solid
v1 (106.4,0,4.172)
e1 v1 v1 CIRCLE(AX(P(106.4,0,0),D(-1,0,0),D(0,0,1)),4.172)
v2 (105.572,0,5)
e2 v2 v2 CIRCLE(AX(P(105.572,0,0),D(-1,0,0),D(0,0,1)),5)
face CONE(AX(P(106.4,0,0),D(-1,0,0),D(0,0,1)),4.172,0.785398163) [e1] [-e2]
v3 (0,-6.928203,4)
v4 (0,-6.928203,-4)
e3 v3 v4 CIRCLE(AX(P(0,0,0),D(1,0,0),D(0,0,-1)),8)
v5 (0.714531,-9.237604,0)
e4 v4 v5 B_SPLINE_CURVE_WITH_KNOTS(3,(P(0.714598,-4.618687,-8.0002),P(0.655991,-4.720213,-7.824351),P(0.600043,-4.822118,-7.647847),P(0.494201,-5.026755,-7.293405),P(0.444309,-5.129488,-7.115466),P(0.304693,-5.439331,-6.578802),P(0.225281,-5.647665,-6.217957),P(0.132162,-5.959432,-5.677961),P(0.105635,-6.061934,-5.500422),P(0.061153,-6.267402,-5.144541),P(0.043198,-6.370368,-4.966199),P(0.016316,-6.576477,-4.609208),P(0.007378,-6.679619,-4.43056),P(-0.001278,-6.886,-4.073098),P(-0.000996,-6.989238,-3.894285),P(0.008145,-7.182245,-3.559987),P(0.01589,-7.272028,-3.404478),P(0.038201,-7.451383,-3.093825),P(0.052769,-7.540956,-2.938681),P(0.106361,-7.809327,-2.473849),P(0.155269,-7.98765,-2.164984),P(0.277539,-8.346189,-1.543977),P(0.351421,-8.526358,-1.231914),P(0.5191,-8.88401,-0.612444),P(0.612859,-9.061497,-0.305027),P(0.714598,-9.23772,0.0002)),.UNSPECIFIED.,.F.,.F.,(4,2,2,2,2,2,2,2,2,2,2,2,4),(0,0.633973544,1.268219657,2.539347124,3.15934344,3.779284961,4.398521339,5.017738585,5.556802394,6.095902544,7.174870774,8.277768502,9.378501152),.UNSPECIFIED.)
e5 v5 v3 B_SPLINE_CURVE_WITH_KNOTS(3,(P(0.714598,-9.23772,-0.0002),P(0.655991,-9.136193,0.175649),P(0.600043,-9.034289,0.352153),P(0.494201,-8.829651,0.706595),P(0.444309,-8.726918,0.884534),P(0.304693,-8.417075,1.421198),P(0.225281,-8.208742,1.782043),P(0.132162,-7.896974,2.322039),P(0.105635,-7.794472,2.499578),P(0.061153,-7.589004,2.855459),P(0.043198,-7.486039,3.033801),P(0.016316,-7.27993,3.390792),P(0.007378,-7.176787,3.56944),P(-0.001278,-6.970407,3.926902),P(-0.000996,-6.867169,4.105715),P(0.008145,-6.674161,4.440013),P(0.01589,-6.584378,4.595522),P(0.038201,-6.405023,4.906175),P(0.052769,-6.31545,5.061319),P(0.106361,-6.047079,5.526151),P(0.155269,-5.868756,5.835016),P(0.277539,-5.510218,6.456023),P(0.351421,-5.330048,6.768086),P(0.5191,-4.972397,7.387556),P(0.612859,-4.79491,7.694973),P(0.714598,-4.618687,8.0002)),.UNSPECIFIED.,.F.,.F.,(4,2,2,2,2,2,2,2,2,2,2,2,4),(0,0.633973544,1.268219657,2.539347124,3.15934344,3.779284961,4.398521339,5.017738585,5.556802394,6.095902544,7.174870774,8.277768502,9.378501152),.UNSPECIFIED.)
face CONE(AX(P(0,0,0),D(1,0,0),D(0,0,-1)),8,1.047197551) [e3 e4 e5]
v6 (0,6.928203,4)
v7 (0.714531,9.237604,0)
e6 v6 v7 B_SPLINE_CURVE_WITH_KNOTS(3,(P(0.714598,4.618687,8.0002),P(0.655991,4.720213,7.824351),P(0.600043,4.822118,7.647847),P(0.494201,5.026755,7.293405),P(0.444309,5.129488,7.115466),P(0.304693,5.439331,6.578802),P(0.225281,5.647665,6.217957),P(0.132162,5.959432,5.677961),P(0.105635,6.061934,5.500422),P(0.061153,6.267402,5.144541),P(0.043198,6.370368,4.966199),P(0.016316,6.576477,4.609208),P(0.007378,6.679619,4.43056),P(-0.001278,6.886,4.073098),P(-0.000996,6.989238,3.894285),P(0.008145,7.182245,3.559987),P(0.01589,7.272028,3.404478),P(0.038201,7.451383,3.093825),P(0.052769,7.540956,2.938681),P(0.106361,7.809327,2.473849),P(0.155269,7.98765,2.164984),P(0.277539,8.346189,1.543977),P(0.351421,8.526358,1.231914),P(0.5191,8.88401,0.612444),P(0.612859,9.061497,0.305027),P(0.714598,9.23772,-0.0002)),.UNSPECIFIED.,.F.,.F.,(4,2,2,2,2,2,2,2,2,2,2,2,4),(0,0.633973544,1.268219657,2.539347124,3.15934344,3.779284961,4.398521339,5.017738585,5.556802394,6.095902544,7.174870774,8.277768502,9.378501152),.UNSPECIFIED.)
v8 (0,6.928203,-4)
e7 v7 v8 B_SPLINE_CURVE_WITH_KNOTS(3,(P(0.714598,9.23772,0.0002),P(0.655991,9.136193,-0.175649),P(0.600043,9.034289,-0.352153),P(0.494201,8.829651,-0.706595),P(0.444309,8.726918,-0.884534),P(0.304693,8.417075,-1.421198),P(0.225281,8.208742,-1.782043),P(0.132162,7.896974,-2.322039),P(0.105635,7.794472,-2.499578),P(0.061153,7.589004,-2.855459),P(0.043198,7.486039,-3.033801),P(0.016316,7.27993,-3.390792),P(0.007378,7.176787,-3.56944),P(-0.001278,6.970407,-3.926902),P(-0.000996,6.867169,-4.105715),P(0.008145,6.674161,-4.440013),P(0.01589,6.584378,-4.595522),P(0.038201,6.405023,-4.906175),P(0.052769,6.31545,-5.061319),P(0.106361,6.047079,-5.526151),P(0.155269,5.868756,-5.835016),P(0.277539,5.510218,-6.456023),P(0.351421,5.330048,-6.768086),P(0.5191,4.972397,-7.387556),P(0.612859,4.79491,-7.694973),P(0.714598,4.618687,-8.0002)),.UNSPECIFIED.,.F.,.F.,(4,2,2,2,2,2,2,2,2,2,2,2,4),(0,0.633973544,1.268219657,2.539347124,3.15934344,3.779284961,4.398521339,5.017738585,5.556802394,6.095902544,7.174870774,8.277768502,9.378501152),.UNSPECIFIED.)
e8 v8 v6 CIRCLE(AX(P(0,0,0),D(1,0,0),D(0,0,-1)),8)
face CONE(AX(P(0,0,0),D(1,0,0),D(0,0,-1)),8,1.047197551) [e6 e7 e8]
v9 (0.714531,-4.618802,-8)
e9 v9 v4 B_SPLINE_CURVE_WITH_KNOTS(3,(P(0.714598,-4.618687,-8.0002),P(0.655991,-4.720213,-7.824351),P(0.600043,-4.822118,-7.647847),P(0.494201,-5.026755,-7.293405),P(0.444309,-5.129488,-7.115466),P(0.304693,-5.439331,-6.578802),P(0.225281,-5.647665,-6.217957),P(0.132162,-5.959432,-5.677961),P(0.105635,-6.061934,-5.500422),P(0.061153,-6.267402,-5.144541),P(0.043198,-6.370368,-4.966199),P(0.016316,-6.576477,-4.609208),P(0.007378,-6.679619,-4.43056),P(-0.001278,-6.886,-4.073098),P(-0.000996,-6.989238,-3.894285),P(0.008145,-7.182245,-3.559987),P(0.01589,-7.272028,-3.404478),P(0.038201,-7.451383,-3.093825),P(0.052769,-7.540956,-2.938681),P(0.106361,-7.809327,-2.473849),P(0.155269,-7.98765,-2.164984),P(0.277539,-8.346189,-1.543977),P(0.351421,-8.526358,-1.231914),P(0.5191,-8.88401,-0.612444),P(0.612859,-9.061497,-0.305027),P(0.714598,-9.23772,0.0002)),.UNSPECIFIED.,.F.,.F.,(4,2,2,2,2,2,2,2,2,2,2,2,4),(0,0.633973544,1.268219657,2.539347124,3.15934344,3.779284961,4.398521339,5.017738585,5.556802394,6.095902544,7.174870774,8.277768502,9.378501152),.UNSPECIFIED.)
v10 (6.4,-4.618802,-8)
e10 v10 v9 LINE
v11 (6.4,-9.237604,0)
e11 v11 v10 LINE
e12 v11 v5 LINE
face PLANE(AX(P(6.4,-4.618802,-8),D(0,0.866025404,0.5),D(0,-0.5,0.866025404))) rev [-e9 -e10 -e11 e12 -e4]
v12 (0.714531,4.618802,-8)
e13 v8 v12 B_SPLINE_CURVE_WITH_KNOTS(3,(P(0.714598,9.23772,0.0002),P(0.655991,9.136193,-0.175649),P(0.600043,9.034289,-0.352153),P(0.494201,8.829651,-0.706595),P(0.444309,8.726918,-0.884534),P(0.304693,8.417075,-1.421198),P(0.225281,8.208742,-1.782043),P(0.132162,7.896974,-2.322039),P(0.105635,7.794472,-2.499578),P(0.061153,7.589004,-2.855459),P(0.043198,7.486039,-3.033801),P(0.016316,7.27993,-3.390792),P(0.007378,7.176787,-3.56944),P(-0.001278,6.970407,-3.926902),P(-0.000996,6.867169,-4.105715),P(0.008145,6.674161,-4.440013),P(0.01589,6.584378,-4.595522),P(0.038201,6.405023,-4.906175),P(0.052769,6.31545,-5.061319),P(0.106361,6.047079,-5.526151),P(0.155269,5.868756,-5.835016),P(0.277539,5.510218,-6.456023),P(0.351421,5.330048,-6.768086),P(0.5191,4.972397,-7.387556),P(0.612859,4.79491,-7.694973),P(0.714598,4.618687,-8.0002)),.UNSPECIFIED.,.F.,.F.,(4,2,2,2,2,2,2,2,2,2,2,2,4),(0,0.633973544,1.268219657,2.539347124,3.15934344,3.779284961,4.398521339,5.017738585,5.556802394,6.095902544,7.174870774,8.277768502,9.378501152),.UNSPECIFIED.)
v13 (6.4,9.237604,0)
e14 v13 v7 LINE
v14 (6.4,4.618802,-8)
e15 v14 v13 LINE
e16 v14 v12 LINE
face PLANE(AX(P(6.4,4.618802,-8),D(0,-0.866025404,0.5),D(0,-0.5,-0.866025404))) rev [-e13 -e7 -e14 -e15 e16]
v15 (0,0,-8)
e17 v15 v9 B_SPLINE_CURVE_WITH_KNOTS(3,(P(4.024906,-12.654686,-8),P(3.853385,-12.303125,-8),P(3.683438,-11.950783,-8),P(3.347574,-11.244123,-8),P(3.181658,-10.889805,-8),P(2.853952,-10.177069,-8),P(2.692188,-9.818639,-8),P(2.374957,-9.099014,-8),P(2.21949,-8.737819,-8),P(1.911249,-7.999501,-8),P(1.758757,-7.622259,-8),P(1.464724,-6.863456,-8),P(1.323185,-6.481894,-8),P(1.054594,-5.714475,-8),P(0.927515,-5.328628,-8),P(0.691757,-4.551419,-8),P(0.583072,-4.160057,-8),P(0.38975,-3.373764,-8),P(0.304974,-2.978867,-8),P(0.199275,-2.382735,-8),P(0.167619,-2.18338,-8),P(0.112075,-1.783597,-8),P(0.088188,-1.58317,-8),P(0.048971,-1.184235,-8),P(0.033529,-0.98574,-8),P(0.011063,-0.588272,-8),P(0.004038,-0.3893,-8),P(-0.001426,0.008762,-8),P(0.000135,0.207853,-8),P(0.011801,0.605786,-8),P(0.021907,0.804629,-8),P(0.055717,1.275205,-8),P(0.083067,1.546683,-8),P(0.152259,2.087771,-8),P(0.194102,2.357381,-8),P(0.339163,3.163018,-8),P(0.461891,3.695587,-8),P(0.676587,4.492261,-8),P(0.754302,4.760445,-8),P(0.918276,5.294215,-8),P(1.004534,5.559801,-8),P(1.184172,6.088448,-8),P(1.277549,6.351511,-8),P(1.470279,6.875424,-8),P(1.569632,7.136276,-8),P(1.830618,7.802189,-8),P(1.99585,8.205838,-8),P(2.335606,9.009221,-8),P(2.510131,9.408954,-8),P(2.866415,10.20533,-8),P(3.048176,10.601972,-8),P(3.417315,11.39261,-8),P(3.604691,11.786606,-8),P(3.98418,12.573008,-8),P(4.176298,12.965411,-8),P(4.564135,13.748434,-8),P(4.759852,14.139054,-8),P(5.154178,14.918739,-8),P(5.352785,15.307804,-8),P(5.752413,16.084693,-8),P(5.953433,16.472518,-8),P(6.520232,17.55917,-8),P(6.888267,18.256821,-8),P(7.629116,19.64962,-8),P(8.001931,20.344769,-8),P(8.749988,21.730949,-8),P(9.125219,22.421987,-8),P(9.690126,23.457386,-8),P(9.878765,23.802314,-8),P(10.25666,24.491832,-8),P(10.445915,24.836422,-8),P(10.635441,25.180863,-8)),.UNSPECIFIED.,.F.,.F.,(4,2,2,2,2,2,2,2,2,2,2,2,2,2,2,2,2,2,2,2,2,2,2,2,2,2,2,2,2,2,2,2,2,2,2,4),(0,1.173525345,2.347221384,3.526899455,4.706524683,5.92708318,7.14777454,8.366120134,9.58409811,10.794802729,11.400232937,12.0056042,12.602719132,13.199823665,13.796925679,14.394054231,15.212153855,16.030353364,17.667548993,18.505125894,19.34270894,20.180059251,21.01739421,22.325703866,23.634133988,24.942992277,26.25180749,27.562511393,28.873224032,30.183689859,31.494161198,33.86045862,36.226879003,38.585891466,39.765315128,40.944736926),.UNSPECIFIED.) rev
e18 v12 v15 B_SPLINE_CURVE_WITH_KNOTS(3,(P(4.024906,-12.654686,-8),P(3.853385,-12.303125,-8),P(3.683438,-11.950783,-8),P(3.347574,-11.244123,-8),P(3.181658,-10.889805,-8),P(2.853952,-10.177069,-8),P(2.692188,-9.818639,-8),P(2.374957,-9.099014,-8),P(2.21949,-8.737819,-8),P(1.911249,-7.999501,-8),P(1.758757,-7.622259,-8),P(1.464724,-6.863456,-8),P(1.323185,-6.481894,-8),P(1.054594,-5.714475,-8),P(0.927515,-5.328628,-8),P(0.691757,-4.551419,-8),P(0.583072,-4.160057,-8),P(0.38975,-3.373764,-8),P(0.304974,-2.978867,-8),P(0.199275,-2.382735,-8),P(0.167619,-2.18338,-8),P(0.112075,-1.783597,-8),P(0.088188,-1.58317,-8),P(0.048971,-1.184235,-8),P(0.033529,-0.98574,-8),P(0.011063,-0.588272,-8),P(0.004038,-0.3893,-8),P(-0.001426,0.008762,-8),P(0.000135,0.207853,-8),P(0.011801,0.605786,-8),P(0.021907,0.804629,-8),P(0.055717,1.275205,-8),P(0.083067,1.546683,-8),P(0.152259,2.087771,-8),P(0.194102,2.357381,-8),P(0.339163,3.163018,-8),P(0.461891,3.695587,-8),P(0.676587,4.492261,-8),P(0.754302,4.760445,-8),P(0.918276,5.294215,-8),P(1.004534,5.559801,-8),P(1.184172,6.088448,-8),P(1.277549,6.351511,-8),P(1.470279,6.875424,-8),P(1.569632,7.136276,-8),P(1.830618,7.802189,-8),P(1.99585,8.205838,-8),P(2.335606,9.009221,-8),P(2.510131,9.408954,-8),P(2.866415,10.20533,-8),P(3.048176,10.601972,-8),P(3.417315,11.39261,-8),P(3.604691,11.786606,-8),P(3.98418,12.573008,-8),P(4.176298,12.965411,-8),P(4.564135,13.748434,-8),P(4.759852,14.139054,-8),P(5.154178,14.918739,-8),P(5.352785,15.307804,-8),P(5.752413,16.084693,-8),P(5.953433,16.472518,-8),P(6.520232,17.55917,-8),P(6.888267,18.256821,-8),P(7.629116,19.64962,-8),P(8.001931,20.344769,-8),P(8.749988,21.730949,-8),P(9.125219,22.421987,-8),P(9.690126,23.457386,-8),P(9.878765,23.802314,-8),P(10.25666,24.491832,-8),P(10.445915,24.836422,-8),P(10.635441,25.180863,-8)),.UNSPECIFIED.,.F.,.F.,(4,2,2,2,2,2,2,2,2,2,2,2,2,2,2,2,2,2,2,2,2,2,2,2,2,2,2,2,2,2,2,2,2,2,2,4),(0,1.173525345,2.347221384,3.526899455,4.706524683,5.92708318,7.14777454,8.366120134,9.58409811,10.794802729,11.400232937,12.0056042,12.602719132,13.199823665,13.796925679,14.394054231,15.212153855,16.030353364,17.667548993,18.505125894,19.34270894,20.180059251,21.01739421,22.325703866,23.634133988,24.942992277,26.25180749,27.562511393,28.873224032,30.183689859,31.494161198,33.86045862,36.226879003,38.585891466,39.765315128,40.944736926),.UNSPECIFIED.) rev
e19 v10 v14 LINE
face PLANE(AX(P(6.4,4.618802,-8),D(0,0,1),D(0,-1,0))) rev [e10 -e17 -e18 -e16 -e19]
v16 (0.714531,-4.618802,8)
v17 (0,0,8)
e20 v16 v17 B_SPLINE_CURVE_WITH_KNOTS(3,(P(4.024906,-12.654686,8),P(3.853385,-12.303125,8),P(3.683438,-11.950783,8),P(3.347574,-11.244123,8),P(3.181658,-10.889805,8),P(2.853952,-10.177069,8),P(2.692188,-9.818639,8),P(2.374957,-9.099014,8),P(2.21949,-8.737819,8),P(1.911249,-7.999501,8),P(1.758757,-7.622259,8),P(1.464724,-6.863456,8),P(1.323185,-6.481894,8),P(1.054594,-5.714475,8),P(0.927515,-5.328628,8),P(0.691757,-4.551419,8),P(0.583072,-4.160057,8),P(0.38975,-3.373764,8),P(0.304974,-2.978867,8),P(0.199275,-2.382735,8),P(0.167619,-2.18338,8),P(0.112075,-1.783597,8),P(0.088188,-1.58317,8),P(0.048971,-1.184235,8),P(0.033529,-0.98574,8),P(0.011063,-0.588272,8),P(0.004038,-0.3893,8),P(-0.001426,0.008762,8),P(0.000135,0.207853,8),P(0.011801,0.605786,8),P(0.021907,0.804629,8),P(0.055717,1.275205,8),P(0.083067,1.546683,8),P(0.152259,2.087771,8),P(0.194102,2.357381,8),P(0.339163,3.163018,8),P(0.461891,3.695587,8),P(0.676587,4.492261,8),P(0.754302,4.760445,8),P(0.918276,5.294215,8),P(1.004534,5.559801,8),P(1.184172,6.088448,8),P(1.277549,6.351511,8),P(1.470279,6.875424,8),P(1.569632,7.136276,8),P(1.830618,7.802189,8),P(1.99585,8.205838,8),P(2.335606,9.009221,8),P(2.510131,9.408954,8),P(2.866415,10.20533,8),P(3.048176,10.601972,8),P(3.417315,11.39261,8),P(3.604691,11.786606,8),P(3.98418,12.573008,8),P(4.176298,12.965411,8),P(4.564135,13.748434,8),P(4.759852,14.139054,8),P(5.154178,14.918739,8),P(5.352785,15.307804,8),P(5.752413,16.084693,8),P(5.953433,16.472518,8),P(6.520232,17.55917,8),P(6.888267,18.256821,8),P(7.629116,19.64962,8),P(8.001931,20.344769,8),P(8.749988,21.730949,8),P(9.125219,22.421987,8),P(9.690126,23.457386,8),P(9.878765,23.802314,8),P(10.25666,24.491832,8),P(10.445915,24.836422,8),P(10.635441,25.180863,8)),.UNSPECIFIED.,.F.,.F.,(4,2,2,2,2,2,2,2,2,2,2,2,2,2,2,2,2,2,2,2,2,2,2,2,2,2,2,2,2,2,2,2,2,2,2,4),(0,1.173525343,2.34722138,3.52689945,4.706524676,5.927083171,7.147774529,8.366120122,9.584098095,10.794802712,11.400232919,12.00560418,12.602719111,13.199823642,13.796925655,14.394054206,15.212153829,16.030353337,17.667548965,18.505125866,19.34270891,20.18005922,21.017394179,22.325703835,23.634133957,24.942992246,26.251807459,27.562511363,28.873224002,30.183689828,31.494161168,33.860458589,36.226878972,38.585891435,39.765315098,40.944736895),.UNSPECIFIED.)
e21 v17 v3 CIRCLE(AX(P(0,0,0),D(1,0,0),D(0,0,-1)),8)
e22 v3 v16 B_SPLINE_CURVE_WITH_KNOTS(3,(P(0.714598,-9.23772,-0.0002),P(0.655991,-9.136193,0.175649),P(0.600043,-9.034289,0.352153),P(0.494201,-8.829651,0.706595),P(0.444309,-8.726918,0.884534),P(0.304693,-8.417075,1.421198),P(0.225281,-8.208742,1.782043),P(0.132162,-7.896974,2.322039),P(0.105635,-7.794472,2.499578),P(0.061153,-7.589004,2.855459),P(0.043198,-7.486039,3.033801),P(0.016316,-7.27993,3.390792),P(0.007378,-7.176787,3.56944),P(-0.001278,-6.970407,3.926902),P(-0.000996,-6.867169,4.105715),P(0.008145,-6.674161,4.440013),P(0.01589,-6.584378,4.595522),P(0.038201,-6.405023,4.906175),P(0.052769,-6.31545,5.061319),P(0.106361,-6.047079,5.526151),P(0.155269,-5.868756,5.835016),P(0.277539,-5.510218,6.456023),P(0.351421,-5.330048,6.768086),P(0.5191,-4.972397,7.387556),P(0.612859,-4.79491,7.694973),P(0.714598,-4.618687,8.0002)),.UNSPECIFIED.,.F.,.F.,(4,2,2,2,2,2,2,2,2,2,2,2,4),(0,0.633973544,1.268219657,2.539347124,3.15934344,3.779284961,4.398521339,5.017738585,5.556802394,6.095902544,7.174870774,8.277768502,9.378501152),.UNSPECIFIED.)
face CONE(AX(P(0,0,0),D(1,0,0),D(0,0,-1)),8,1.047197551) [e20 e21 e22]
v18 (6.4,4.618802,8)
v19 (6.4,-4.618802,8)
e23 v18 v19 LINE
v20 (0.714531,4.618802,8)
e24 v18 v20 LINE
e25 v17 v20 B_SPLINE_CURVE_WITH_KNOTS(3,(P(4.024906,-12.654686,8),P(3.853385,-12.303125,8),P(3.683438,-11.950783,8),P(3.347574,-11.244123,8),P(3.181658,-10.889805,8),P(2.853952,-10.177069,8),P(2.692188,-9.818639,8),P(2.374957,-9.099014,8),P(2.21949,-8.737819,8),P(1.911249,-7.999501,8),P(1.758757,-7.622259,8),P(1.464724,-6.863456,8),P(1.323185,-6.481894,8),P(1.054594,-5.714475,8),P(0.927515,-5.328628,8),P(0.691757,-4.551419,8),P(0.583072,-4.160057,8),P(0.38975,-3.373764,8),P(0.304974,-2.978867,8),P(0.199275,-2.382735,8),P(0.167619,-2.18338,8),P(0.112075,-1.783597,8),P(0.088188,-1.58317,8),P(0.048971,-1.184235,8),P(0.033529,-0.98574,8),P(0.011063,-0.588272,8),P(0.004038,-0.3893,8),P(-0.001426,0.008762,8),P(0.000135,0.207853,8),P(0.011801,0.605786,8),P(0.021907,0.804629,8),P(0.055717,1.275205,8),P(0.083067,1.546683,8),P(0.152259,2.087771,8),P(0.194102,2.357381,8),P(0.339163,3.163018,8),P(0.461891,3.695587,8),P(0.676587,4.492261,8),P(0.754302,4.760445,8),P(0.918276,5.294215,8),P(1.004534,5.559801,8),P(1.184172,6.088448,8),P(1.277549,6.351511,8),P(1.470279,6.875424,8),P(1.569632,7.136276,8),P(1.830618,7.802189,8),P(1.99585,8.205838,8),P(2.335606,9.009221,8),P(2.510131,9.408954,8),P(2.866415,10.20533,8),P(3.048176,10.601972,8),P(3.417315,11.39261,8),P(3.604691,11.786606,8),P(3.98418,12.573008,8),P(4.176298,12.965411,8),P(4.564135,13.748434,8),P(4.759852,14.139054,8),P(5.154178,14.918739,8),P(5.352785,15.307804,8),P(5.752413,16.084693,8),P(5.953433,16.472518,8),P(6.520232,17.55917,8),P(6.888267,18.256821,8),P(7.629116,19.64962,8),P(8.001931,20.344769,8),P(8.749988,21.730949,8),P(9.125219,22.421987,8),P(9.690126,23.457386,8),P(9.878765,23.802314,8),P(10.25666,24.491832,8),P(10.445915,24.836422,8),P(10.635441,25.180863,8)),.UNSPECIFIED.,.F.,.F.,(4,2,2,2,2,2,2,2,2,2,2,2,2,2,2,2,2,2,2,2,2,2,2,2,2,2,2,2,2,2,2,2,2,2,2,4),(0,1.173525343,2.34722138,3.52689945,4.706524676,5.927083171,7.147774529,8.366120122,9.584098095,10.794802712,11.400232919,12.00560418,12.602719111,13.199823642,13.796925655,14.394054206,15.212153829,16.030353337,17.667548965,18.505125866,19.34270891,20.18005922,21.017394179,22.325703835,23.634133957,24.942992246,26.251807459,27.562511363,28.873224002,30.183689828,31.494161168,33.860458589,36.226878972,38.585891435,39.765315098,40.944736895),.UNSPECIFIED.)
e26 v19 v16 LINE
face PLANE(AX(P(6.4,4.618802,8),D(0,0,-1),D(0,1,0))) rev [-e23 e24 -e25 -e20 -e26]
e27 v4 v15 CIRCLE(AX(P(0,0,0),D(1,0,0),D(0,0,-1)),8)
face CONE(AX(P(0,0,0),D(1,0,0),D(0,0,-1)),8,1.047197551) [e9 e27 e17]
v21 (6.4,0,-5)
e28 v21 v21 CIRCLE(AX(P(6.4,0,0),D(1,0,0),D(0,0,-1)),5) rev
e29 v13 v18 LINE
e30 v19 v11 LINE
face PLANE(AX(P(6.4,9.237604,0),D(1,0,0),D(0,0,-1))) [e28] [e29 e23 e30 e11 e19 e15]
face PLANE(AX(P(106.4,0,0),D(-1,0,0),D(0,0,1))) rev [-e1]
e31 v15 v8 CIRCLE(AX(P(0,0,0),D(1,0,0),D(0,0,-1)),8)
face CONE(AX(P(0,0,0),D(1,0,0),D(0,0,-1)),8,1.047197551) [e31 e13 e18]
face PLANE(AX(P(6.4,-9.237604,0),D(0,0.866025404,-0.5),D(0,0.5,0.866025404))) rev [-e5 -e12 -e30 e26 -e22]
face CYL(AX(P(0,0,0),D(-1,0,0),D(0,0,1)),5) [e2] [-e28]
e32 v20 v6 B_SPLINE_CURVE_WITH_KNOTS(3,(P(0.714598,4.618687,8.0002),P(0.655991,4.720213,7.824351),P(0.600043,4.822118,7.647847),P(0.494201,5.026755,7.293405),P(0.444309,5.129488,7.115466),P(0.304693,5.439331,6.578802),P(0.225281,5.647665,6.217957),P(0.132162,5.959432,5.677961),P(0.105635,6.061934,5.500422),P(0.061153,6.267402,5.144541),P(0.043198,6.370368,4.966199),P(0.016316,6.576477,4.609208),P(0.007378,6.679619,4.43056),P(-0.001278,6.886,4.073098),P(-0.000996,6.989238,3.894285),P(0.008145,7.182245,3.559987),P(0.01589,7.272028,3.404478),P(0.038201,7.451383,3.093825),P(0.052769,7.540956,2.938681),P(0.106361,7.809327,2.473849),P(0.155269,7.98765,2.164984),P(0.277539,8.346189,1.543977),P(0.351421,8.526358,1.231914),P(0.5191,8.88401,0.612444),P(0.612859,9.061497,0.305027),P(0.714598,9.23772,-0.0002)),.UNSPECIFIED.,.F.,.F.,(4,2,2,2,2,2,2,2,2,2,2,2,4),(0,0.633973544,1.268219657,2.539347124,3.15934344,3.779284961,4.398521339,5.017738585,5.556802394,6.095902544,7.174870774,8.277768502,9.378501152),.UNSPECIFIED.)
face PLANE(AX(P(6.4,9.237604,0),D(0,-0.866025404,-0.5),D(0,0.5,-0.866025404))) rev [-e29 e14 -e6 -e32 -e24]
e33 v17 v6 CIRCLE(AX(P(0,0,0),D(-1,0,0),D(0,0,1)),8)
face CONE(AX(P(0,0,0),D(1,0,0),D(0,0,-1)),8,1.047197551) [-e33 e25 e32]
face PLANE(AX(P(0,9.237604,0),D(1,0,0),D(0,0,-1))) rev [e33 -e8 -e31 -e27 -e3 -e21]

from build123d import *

# Parameters (mm, degrees)
BASEHEAD_DEPTH = 6.4


with BuildPart() as part:
    # Sketch1 → BaseHead (new body)
    with BuildSketch(Plane(origin=(0, 0, 0), x_dir=(0, 0, -1), z_dir=(1, 0, 0))):
        Polygon((8, 4.618802154), (8, -4.618802154), (0, -9.237604307), (-8, -4.618802154), (-8, 4.618802154), (0, 9.237604307), align=None)
    extrude(amount=BASEHEAD_DEPTH)

    # BodySke → BaseBody (revolve)
    with BuildSketch(Plane.XY, mode=Mode.PRIVATE) as basebody_sk:
        Polygon((0, 0), (106.4, 0), (106.4, 4.172), (105.572, 5), (0, 5), align=None)
    revolve(basebody_sk.sketch.rotate(Axis((0, 0, 0), (1, 0, 0)), 90), axis=Axis((0, 0, 0), (1, 0, 0)))

    # Sketch3 → HeadChamfer (revolve, cut)
    with BuildSketch(Plane.XY):
        Polygon((0, 8), (3.601282526, 14.237604307), (3.601282526, 19.237604307), (-10, 19.237604307), (-10, 8), align=None)
    revolve(axis=Axis((0, 0, 0), (1, 0, 0)), mode=Mode.SUBTRACT)


solid = part.part
